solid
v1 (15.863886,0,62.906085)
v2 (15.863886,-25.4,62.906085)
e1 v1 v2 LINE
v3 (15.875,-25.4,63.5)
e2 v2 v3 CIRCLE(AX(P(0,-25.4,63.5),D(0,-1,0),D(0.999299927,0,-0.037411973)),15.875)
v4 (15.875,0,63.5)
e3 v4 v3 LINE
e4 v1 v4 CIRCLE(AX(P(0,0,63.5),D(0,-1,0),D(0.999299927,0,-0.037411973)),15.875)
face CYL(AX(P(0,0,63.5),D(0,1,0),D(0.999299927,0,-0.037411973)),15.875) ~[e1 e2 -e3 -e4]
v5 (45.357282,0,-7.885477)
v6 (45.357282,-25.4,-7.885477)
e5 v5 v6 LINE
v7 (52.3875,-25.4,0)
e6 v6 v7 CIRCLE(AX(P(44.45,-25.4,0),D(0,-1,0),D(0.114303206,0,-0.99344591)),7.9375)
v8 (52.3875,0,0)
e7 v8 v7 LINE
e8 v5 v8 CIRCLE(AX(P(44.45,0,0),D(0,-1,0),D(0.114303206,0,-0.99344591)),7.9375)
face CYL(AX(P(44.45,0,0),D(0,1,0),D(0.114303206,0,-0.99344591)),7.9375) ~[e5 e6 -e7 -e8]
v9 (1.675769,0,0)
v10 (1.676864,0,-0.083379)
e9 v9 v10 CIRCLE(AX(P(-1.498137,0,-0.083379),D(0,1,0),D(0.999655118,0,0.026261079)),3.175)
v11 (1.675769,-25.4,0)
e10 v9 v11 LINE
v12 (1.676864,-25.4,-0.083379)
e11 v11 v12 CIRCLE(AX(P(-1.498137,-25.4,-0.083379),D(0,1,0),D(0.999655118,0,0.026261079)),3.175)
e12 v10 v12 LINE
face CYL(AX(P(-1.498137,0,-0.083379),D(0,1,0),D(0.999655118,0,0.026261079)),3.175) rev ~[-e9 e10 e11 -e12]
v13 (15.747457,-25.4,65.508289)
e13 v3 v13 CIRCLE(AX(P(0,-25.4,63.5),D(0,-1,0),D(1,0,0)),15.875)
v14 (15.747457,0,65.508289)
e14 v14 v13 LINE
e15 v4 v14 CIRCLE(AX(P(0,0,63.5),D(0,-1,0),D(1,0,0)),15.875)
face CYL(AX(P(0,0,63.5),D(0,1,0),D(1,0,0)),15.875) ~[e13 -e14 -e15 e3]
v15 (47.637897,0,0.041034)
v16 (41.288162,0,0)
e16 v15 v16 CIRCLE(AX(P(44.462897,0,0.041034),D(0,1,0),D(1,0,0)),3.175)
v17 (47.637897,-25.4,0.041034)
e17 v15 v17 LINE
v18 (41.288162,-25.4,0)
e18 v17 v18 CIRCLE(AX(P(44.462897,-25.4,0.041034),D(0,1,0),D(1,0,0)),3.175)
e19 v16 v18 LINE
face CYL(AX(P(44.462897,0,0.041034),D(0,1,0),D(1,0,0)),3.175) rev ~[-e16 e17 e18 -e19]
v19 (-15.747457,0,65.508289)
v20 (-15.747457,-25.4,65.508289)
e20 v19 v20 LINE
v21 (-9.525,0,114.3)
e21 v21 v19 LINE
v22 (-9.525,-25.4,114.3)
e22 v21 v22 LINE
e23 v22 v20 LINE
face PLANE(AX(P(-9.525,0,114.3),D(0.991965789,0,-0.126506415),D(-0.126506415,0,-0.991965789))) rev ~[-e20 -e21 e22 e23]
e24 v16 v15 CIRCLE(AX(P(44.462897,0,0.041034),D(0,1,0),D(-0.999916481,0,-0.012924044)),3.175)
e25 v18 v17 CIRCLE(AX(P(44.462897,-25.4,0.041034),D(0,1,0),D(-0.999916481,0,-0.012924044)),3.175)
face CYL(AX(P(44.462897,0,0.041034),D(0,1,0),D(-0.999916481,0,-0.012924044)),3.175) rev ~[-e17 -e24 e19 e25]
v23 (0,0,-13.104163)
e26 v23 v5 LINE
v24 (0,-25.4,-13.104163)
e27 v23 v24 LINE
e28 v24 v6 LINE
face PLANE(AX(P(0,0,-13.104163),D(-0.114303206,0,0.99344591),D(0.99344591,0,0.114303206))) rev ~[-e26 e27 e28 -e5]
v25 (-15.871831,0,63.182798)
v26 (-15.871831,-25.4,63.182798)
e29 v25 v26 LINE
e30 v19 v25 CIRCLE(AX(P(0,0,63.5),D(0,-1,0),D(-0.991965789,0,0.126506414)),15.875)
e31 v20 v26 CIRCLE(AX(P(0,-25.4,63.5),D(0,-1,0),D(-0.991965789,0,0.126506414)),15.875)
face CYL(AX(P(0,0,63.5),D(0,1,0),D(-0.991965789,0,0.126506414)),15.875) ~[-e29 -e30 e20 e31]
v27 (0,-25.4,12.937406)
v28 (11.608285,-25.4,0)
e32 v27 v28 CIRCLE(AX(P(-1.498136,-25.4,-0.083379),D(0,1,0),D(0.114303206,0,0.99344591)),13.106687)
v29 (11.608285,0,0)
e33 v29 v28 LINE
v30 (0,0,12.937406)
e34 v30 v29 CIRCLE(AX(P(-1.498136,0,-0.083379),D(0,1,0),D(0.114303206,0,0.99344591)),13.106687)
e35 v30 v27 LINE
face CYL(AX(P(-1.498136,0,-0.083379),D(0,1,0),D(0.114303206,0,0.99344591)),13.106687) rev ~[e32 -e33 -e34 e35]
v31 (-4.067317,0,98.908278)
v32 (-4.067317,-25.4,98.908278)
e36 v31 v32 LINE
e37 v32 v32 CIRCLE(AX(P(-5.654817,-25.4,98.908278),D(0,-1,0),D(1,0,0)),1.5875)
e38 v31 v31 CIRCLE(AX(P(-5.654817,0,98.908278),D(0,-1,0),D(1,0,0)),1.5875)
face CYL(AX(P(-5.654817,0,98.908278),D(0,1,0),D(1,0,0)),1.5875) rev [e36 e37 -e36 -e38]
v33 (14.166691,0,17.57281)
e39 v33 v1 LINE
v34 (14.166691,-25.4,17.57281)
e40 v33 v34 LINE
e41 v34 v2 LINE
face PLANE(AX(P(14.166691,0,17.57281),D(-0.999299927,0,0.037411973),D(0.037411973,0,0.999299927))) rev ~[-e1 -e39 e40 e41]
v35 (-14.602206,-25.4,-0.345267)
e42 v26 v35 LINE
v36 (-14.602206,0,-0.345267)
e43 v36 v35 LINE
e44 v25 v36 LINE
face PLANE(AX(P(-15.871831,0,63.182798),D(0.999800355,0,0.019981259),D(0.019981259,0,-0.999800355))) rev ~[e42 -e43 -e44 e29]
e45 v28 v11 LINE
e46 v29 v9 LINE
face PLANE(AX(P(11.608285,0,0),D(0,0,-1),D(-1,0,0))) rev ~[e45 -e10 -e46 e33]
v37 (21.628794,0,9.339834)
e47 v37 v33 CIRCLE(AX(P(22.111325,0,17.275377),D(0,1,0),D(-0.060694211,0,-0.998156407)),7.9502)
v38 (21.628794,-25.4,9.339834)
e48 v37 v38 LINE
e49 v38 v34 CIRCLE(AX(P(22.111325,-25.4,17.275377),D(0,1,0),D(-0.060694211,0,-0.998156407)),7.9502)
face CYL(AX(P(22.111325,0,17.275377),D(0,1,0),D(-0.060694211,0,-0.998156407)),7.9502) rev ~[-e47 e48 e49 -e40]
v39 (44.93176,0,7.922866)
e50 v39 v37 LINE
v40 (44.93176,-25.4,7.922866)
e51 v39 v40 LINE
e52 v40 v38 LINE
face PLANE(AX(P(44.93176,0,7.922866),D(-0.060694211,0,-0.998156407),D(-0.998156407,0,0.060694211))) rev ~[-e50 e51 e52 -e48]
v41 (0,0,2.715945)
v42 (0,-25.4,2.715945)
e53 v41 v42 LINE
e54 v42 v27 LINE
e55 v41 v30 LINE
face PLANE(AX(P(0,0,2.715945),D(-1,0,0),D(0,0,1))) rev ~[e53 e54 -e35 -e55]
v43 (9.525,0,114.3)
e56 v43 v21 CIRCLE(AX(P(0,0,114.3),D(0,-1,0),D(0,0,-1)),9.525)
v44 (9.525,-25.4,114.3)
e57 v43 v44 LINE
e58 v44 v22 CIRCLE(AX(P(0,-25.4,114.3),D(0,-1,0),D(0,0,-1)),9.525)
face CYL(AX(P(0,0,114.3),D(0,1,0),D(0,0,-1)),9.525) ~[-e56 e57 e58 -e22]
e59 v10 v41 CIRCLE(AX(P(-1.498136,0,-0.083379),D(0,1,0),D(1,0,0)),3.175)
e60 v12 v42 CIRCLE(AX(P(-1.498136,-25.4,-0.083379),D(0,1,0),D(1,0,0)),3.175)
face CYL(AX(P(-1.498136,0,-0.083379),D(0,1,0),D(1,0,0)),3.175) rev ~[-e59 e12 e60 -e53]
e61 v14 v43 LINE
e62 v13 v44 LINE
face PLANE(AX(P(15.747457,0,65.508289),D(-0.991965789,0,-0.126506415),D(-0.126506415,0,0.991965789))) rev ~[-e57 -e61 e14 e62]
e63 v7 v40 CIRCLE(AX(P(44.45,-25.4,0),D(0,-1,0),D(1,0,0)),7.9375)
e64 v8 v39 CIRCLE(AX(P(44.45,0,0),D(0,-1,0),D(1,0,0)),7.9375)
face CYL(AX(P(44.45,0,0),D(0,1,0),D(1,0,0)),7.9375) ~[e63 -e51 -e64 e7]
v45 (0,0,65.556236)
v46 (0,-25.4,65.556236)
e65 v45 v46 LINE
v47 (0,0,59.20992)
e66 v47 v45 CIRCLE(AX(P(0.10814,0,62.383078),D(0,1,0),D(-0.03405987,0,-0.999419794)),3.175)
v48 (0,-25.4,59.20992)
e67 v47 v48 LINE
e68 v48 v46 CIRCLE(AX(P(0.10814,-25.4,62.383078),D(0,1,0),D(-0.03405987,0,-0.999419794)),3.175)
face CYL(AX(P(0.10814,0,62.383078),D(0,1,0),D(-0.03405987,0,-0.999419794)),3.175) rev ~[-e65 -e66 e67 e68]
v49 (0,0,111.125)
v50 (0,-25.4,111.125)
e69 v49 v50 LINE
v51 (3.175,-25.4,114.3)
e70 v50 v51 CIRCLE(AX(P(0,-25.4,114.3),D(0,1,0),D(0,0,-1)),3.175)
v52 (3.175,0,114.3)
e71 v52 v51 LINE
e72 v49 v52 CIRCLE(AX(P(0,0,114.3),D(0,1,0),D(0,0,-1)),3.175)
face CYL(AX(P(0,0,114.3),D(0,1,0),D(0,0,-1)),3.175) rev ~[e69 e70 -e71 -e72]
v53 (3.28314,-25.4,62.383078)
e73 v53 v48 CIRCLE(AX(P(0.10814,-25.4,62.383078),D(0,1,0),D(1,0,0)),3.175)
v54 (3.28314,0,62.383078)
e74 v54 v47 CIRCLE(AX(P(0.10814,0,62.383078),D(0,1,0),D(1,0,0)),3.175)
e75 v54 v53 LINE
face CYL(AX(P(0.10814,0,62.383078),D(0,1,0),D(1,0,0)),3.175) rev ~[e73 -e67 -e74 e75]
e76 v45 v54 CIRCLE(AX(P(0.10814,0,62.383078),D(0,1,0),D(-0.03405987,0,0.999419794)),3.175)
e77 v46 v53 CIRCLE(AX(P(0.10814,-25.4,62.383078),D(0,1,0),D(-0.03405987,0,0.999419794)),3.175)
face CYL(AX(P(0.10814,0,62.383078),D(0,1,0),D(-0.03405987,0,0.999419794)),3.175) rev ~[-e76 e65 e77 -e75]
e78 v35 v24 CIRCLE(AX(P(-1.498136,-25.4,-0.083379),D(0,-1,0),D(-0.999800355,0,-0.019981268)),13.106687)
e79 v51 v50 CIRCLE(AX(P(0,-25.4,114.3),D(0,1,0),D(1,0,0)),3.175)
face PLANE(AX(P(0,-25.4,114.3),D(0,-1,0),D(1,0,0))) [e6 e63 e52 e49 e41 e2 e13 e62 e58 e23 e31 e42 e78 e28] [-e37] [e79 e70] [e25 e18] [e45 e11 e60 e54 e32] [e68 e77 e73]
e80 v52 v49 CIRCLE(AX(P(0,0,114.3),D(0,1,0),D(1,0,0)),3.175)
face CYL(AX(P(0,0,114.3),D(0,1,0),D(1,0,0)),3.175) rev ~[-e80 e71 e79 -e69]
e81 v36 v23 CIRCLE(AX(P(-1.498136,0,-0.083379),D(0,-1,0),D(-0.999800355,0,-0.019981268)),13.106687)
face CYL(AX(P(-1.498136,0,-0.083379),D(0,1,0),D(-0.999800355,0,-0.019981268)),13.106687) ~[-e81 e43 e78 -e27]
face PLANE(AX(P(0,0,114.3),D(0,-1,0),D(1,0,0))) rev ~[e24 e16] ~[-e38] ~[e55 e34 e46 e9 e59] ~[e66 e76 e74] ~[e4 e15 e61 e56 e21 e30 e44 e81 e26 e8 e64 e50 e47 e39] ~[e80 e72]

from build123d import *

# Parameters (mm, degrees)
F0_R     = 1.5875
F1_DEPTH = 25.4


with BuildPart() as f1:
    # F0 (on Front) → F1 (new body)
    with BuildSketch(Plane.XZ):
        with BuildLine():
            ThreePointArc((-9.525, 114.3), (-6.7351920908, 107.5648079092), (0, 104.775))
            ThreePointArc((0, 104.775), (6.7351920908, 107.5648079092), (9.525, 114.3))
            ThreePointArc((9.525, 114.3), (0, 123.825), (-9.525, 114.3))
        make_face()
        with BuildLine():
            ThreePointArc((3.175, 114.3), (2.2450640303, 112.0549359697), (0, 111.125))
            ThreePointArc((0, 111.125), (-2.2450640303, 116.5450640303), (3.175, 114.3))
        make_face(mode=Mode.SUBTRACT)
        with BuildLine():
            ThreePointArc((9.525, 114.3), (6.7351920908, 107.5648079092), (0, 104.775))
            Line((0, 104.775), (0, 79.375))
            ThreePointArc((0, 79.375), (10.4912828548, 75.4142187767), (15.7474569047, 65.5082893304))
            Line((15.7474569047, 65.5082893304), (9.525, 114.3))
        make_face()
        with BuildLine():
            Line((0, 79.375), (0, 104.775))
            ThreePointArc((0, 104.775), (-6.7351920908, 107.5648079092), (-9.525, 114.3))
            Line((-9.525, 114.3), (-15.7474569047, 65.5082893304))
            ThreePointArc((-15.7474569047, 65.5082893304), (-10.4912828548, 75.4142187767), (0, 79.375))
        make_face()
        with Locations((-5.6548165157, 98.9082781559)):
            Circle(F0_R, mode=Mode.SUBTRACT)
        with BuildLine():
            ThreePointArc((15.7474569047, 65.5082893304), (10.4912828548, 75.4142187767), (0, 79.375))
            Line((0, 79.375), (0, 65.5562360028))
            ThreePointArc((0, 65.5562360028), (2.3146396024, 64.6660553541), (3.2831400868, 62.3830781559))
            ThreePointArc((3.2831400868, 62.3830781559), (2.3146396024, 60.1001009576), (0, 59.2099203089))
            Line((0, 59.2099203089), (0, 47.625))
            ThreePointArc((0, 47.625), (11.0133378983, 52.0666272108), (15.8638863427, 62.9060849338))
            ThreePointArc((15.8638863427, 62.9060849338), (15.8722213425, 63.2029904803), (15.875, 63.5))
            ThreePointArc((15.875, 63.5), (15.8430821396, 64.5061676396), (15.7474569047, 65.5082893304))
        make_face()
        with BuildLine():
            Line((0, 65.5562360028), (0, 79.375))
            ThreePointArc((0, 79.375), (-10.4912828548, 75.4142187767), (-15.7474569047, 65.5082893304))
            ThreePointArc((-15.7474569047, 65.5082893304), (-15.8523441203, 64.3478271584), (-15.8718306313, 63.1827975208))
            ThreePointArc((-15.8718306313, 63.1827975208), (-11.1126062569, 52.1630865233), (0, 47.625))
            Line((0, 47.625), (0, 59.2099203089))
            ThreePointArc((0, 59.2099203089), (-3.0668599132, 62.3830781559), (0, 65.5562360028))
        make_face()
        with BuildLine():
            ThreePointArc((0, 47.625), (-11.1126062569, 52.1630865233), (-15.8718306313, 63.1827975208))
            Line((-15.8718306313, 63.1827975208), (-14.6022064723, -0.345267158))
            ThreePointArc((-14.6022064723, -0.345267158), (-10.3175338811, 9.6121595573), (0, 12.9374055054))
            Line((0, 12.9374055054), (0, 47.625))
        make_face()
        with BuildLine():
            ThreePointArc((15.8638863427, 62.9060849338), (11.0133378983, 52.0666272108), (0, 47.625))
            Line((0, 47.625), (0, 12.9374055054))
            ThreePointArc((0, 12.9374055054), (8.257241346, 8.6697831416), (11.6082852973, 0))
            Line((11.6082852973, 0), (36.5125, 0))
            ThreePointArc((36.5125, 0), (39.010333931, 5.7804791591), (44.9317602981, 7.9228664803))
            Line((44.9317602981, 7.9228664803), (21.6287940926, 9.3398339346))
            ThreePointArc((21.6287940926, 9.3398339346), (16.22067571, 11.9362826454), (14.1666909268, 17.5728096664))
            Line((14.1666909268, 17.5728096664), (15.8638863427, 62.9060849338))
        make_face()
        with BuildLine():
            ThreePointArc((0, 12.9374055054), (-10.3175338811, 9.6121595573), (-14.6022064723, -0.345267158))
            ThreePointArc((-14.6022064723, -0.345267158), (-10.1220439729, -9.9532045), (0, -13.1041633701))
            ThreePointArc((0, -13.1041633701), (8.2850340057, -8.8054668749), (11.6085505099, -0.0833789323))
            ThreePointArc((11.6085505099, -0.0833789323), (11.6084842065, -0.0416892553), (11.6082852973, 0))
            Line((11.6082852973, 0), (1.6757686742, 0))
            ThreePointArc((1.6757686742, 0), (1.6765899118, -0.0416858712), (1.6768636734, -0.0833789323))
            ThreePointArc((1.6768636734, -0.0833789323), (-4.22184775, -1.71494906), (0, 2.7159446551))
            Line((0, 2.7159446551), (0, 12.9374055054))
        make_face()
        with BuildLine():
            ThreePointArc((11.6085505099, -0.0833789323), (8.2850340057, -8.8054668749), (0, -13.1041633701))
            Line((0, -13.1041633701), (45.3572816983, -7.8854769146))
            ThreePointArc((45.3572816983, -7.8854769146), (39.1678433491, -5.9247554688), (36.5125, 0))
            Line((36.5125, 0), (11.6082852973, 0))
            ThreePointArc((11.6082852973, 0), (11.6084842065, -0.0416892553), (11.6085505099, -0.0833789323))
        make_face()
        with BuildLine():
            ThreePointArc((36.5125, 0), (39.1678433491, -5.9247554688), (45.3572816983, -7.8854769146))
            ThreePointArc((45.3572816983, -7.8854769146), (50.3747554688, -5.2821566509), (52.3875, 0))
            ThreePointArc((52.3875, 0), (50.2304791591, 5.439666069), (44.9317602981, 7.9228664803))
            ThreePointArc((44.9317602981, 7.9228664803), (39.010333931, 5.7804791591), (36.5125, 0))
        make_face()
        with BuildLine():
            ThreePointArc((47.6378968835, 0.0410338398), (44.4834142318, -3.1338998663), (41.2881620561, 0))
            ThreePointArc((41.2881620561, 0), (44.4423795352, 3.215967546), (47.6378968835, 0.0410338398))
        make_face(mode=Mode.SUBTRACT)
    extrude(amount=F1_DEPTH)


solid = f1.part
